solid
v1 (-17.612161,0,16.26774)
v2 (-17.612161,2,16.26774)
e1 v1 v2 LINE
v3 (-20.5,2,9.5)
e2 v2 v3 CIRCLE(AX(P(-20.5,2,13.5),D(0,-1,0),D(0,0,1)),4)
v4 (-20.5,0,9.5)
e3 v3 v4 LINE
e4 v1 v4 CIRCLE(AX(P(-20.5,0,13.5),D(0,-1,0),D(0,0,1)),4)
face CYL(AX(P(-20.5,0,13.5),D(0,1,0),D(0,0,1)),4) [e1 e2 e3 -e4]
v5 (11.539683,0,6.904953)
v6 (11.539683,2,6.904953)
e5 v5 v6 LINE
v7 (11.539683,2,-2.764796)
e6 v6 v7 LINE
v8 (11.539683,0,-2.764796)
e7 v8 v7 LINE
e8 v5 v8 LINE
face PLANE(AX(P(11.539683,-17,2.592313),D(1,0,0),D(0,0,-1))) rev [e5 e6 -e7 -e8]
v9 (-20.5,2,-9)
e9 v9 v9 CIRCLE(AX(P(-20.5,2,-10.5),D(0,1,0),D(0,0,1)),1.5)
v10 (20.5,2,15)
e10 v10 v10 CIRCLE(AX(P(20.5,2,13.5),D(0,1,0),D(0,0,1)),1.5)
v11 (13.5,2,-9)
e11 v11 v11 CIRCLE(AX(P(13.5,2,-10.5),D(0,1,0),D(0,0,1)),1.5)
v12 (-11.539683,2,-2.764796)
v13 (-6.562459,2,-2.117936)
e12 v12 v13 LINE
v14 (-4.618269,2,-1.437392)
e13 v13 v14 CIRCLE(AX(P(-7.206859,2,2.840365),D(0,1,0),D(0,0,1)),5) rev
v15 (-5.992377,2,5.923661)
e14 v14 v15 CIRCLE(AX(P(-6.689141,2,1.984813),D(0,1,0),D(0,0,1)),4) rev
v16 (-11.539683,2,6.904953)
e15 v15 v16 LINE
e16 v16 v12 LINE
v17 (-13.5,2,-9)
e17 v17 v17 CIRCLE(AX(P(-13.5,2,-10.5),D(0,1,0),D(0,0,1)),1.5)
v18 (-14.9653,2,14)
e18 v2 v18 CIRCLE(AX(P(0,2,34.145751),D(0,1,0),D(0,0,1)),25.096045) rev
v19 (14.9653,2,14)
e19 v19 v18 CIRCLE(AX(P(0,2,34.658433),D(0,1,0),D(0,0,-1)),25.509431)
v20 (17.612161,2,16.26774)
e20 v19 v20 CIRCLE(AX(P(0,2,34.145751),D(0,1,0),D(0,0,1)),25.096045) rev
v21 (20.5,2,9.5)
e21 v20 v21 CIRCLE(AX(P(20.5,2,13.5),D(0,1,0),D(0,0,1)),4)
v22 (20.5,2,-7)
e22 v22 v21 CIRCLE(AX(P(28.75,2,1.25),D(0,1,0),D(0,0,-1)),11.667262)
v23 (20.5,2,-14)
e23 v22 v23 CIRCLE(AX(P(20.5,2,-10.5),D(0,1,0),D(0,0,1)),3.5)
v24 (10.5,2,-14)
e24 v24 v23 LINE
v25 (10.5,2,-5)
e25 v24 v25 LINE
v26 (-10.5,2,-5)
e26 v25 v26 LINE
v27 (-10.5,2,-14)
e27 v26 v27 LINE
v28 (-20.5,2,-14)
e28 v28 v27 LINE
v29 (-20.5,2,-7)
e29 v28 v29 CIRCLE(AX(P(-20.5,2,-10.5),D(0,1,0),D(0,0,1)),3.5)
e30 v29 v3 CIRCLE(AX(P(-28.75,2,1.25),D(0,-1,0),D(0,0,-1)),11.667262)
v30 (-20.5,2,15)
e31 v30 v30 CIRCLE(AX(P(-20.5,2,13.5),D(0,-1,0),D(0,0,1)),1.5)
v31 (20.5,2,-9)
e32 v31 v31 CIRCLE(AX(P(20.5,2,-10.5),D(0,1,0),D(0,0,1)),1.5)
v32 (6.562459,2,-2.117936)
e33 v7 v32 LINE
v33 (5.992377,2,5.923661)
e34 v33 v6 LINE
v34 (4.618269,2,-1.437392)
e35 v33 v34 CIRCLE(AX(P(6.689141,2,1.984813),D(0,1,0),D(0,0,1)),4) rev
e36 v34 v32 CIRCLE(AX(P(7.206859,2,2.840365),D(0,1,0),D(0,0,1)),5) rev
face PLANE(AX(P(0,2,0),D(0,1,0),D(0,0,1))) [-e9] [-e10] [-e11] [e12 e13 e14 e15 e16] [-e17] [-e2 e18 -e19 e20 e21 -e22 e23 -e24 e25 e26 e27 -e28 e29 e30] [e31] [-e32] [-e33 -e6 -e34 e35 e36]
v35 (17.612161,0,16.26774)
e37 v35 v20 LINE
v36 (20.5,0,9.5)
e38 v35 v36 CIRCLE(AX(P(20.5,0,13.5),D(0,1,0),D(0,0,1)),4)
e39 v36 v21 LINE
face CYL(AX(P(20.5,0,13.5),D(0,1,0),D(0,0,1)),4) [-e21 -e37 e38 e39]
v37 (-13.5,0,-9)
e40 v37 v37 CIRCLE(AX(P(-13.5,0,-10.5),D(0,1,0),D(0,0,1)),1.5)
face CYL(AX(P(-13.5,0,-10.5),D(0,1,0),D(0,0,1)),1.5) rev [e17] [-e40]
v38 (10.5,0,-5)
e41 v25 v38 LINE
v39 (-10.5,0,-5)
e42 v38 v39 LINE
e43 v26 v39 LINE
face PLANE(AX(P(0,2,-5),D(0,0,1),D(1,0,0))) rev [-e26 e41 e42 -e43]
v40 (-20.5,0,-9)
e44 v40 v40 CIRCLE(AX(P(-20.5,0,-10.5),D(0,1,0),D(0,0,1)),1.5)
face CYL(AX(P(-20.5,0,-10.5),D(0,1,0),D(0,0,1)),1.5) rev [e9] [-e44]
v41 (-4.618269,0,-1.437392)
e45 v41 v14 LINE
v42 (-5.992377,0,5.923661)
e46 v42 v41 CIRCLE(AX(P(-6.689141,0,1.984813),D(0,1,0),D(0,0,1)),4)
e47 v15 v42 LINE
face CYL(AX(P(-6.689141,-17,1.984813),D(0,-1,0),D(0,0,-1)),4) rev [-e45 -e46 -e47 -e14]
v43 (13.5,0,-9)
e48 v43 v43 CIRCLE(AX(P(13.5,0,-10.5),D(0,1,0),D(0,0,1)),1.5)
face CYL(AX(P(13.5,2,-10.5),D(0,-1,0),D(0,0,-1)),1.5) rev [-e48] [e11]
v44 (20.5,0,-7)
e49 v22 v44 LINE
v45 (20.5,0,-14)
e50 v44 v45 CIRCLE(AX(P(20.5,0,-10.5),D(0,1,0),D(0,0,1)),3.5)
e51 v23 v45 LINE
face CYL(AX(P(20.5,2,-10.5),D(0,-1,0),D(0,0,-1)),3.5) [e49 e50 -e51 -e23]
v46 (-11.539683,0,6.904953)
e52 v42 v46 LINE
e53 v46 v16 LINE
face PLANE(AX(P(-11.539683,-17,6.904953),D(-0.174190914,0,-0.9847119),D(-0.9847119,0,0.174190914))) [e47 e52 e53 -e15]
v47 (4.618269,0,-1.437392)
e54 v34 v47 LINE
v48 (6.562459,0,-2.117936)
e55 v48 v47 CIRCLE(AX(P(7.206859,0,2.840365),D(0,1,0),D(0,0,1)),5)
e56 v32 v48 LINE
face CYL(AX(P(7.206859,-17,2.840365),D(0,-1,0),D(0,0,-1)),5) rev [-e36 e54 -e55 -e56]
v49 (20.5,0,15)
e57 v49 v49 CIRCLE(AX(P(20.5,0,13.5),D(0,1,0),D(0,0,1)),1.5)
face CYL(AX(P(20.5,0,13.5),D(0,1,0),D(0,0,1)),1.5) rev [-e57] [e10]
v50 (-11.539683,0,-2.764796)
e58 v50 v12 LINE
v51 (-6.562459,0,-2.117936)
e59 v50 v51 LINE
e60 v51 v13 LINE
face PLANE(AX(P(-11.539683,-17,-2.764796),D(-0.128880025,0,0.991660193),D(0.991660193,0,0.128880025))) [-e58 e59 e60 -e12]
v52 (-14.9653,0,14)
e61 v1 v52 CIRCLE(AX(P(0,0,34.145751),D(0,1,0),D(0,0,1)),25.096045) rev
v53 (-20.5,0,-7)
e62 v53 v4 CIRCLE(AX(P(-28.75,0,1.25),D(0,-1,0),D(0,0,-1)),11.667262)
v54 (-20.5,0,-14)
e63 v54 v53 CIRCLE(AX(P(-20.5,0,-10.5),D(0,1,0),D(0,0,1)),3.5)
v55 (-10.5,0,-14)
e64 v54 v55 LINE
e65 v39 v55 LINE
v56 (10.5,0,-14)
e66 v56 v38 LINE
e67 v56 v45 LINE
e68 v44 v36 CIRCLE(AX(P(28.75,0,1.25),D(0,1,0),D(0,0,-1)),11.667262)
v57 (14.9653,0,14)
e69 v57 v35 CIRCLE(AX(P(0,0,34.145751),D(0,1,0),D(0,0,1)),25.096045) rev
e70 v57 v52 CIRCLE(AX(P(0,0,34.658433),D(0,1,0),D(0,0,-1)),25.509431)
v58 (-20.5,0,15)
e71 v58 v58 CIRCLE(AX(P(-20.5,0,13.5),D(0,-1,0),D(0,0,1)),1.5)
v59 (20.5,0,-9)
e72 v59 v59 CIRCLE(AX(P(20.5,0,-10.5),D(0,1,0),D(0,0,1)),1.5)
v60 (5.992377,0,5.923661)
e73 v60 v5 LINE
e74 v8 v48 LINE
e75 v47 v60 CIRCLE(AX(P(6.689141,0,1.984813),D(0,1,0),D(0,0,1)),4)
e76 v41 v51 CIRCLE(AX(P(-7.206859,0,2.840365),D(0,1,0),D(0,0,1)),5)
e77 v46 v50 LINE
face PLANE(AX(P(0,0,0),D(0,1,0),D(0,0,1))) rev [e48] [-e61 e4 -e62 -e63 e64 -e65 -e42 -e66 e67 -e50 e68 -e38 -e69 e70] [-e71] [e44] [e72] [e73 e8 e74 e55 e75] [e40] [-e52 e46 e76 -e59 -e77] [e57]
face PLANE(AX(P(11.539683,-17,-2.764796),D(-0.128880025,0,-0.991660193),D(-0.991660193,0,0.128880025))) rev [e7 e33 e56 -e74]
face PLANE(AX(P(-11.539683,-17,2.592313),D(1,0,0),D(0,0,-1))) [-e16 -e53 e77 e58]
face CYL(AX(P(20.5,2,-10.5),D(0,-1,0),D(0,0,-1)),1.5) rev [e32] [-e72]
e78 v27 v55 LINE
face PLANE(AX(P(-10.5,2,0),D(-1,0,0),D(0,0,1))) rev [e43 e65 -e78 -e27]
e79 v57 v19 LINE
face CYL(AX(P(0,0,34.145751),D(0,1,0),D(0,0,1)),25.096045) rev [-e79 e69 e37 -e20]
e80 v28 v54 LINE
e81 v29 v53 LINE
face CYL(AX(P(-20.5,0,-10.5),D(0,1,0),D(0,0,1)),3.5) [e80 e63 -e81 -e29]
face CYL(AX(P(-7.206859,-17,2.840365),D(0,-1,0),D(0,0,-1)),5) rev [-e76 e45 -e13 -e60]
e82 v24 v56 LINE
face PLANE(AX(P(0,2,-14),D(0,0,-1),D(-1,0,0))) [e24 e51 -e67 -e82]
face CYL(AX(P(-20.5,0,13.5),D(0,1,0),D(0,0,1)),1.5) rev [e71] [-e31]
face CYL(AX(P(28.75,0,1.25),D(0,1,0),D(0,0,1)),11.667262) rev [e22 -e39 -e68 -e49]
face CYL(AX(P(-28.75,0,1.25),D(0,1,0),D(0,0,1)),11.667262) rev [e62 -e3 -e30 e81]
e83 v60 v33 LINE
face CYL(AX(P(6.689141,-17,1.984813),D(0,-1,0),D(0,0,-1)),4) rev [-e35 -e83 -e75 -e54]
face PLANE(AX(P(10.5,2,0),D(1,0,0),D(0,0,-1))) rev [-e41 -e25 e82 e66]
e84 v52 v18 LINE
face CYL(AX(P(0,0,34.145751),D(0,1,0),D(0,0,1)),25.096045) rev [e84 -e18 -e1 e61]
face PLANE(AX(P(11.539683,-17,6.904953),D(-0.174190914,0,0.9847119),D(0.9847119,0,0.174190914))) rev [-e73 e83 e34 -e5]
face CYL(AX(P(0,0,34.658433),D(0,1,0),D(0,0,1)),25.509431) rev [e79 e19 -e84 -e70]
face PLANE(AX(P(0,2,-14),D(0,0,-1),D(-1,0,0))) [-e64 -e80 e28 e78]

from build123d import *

# Parameters (mm, degrees)
SKETCH1_R             = 1.5
BOSS_EXTRUDE1_DEPTH   = 2
SKETCH2_R             = 3.5
BOSS_EXTRUDE2_DEPTH   = 2
SKETCH3_R             = 1.5
CUT_EXTRUDE1_DEPTH    = 2
SKETCH4_R             = 1.5
CUT_EXTRUDE2_DEPTH    = 2
BOSS_EXTRUDE3_START   = -2
BOSS_EXTRUDE3_DEPTH   = 2
SKETCH8_R             = 4
BOSS_EXTRUDE5_DEPTH   = 2
SKETCH9_R             = 1.5
CUT_EXTRUDE4_DEPTH    = 2
CUT_EXTRUDE5_DEPTH    = 2
BOSS_EXTRUDE12_DEPTH  = 2
CUT_EXTRUDE11_DEPTH   = 2
CUT_EXTRUDE15_DEPTH   = 19
FILLET1_R             = 5
FILLET2_R             = 4
FILLET1_OF_MIRROR13_R = 5
FILLET2_OF_MIRROR13_R = 4


with BuildPart() as part:
    # Sketch1 → Boss-Extrude1 (new body)
    # profile 1 of 5: a face of its own
    with BuildSketch(Plane(origin=(0, 0, 0), x_dir=(1, 0, 0), z_dir=(0, 1, 0))):
        with BuildLine():
            Line((20.5, 14), (10.5, 14))
            Line((10.5, 14), (10.5, 5))
            Line((10.5, 5), (-10.5, 5))
            Line((-10.5, 5), (-10.5, 14))
            Line((-10.5, 14), (-20.5, 14))
            Line((-20.5, 14), (-20.5, -14))
            ThreePointArc((-20.5, -14), (0, -5.789884137), (20.5, -14))
            Line((20.5, -14), (20.5, 7))
            ThreePointArc((20.5, 7), (17, 10.5), (20.5, 14))
        make_face()
        with Locations(Location((13.5, 10.5, 0), (0, 0, 270))):
            Circle(SKETCH1_R, mode=Mode.SUBTRACT)
    # profile 2 of 5: a face of its own
    with BuildSketch(Plane(origin=(0, 0, 0), x_dir=(1, 0, 0), z_dir=(0, 1, 0))):
        with BuildLine():
            ThreePointArc((24, 10.5), (22.974873734, 12.974873734), (20.5, 14))
            Line((20.5, 14), (20.5, 12))
            ThreePointArc((20.5, 12), (21.560660172, 11.560660172), (22, 10.5))
            ThreePointArc((22, 10.5), (21.560660172, 9.439339828), (20.5, 9))
            Line((20.5, 9), (20.5, 7))
            ThreePointArc((20.5, 7), (22.974873734, 8.025126266), (24, 10.5))
        make_face()
    # profile 3 of 5: a face of its own
    with BuildSketch(Plane(origin=(0, 0, 0), x_dir=(1, 0, 0), z_dir=(0, 1, 0))):
        with BuildLine():
            Line((20.5, 12), (20.5, 14))
            ThreePointArc((20.5, 14), (17, 10.5), (20.5, 7))
            Line((20.5, 7), (20.5, 9))
            ThreePointArc((20.5, 9), (19, 10.5), (20.5, 12))
        make_face()
    # profile 4 of 5: a face of its own
    with BuildSketch(Plane(origin=(0, 0, 0), x_dir=(1, 0, 0), z_dir=(0, 1, 0))):
        with BuildLine():
            ThreePointArc((24, 10.5), (22.974873734, 12.974873734), (20.5, 14))
            Line((20.5, 14), (20.5, 12))
            ThreePointArc((20.5, 12), (21.560660172, 11.560660172), (22, 10.5))
            ThreePointArc((22, 10.5), (21.560660172, 9.439339828), (20.5, 9))
            Line((20.5, 9), (20.5, 7))
            ThreePointArc((20.5, 7), (22.974873734, 8.025126266), (24, 10.5))
        make_face()
    # profile 5 of 5: a face of its own
    with BuildSketch(Plane(origin=(0, 0, 0), x_dir=(1, 0, 0), z_dir=(0, 1, 0))):
        with BuildLine():
            Line((20.5, 12), (20.5, 14))
            ThreePointArc((20.5, 14), (17, 10.5), (20.5, 7))
            Line((20.5, 7), (20.5, 9))
            ThreePointArc((20.5, 9), (19, 10.5), (20.5, 12))
        make_face()
    extrude(amount=BOSS_EXTRUDE1_DEPTH)

    # Sketch2 → Boss-Extrude2 (add)
    with BuildSketch(Plane(origin=(0, 2, 0), x_dir=(1, 0, 0), z_dir=(0, 1, 0))):
        with Locations((-20.5, 10.5)):
            Circle(SKETCH2_R)
    extrude(amount=-BOSS_EXTRUDE2_DEPTH)

    # Sketch3 → Cut-Extrude1 (cut)
    with BuildSketch(Plane(origin=(0, 2, 0), x_dir=(1, 0, 0), z_dir=(0, 1, 0))):
        with Locations(Location((-20.5, 10.5, 0), (0, 0, 270))):
            Circle(SKETCH3_R)
    extrude(amount=-CUT_EXTRUDE1_DEPTH, mode=Mode.SUBTRACT)

    # Sketch4 → Cut-Extrude2 (cut)
    with BuildSketch(Plane(origin=(0, 2, 0), x_dir=(1, 0, 0), z_dir=(0, 1, 0))):
        with Locations(Location((-13.5, 10.5, 0), (0, 0, 270))):
            Circle(SKETCH4_R)
    extrude(amount=-CUT_EXTRUDE2_DEPTH, mode=Mode.SUBTRACT)

    # Sketch5 → Boss-Extrude3 (add)
    with BuildSketch(Plane(origin=(0, 2, 0), x_dir=(1, 0, 0), z_dir=(0, 1, 0)).offset(BOSS_EXTRUDE3_START)):
        with BuildLine():
            Line((-20.5, -14), (20.5, -14))
            ThreePointArc((20.5, -14), (0, -5.789884137), (-20.5, -14))
        make_face()
    extrude(amount=BOSS_EXTRUDE3_DEPTH)

    # Sketch8 → Boss-Extrude5 (add)
    with BuildSketch(Plane(origin=(0, 2, 0), x_dir=(1, 0, 0), z_dir=(0, 1, 0))):
        with Locations((20.5, -13.5)):
            Circle(SKETCH8_R)
    boss_extrude5 = extrude(amount=-BOSS_EXTRUDE5_DEPTH)

    # Sketch9 → Cut-Extrude4 (cut)
    with BuildSketch(Plane(origin=(0, 2, 0), x_dir=(1, 0, 0), z_dir=(0, 1, 0))):
        with Locations(Location((20.5, -13.5, 0), (0, 0, 270))):
            Circle(SKETCH9_R)
    cut_extrude4 = extrude(amount=-CUT_EXTRUDE4_DEPTH, mode=Mode.SUBTRACT)

    # Sketch10 → Cut-Extrude5 (cut)
    with BuildSketch(Plane(origin=(0, 2, 0), x_dir=(1, 0, 0), z_dir=(0, 1, 0))):
        with BuildLine():
            Line((20.5, 7), (20.5, -9.5))
            ThreePointArc((20.5, -9.5), (17.08273811, -1.25), (20.5, 7))
        make_face()
    cut_extrude5 = extrude(amount=-CUT_EXTRUDE5_DEPTH, mode=Mode.SUBTRACT)

    # Mirror12: Boss-Extrude5, Cut-Extrude4, Cut-Extrude5 across plane
    add(boss_extrude5.mirror(Plane(origin=(0, 0, 0), x_dir=(0, 0, 1), z_dir=(1, 0, 0))))
    add(cut_extrude4.mirror(Plane(origin=(0, 0, 0), x_dir=(0, 0, 1), z_dir=(1, 0, 0))), mode=Mode.SUBTRACT)
    add(cut_extrude5.mirror(Plane(origin=(0, 0, 0), x_dir=(0, 0, 1), z_dir=(1, 0, 0))), mode=Mode.SUBTRACT)

    # Sketch12 → Boss-Extrude12 (add)
    with BuildSketch(Plane(origin=(0, 2, 0), x_dir=(1, 0, 0), z_dir=(0, 1, 0))):
        with BuildLine():
            Line((-14.965299889, -14), (-16.531373033, -14))
            ThreePointArc((-16.531373033, -14), (-16.889121467, -15.220917262), (-17.61216057, -16.267739768))
            ThreePointArc((-17.61216057, -16.267739768), (-16.328147274, -15.087863095), (-14.965299889, -14))
        make_face()
        with BuildLine():
            Line((16.531373033, -14), (14.965299889, -14))
            ThreePointArc((14.965299889, -14), (16.328147274, -15.087863095), (17.61216057, -16.267739768))
            ThreePointArc((17.61216057, -16.267739768), (16.889121467, -15.220917262), (16.531373033, -14))
        make_face()
    extrude(amount=-BOSS_EXTRUDE12_DEPTH)

    # Sketch20 → Cut-Extrude11 (cut)
    with BuildSketch(Plane(origin=(0, 2, 0), x_dir=(1, 0, 0), z_dir=(0, 1, 0))):
        with BuildLine():
            Line((14.965299889, -14), (-14.965299889, -14))
            ThreePointArc((-14.965299889, -14), (0, -9.149002287), (14.965299889, -14))
        make_face()
    extrude(amount=-CUT_EXTRUDE11_DEPTH, mode=Mode.SUBTRACT)

    # Sketch21 → Cut-Extrude15 (cut)
    with BuildSketch(Plane(origin=(0, 2, 0), x_dir=(1, 0, 0), z_dir=(0, 1, 0))):
        Polygon((11.539683191, 2.764795759), (2.206859121, 1.551865555), (2.206859121, -5.254020589), (11.539683191, -6.904953367), (11.539683191, -2.592312642), align=None)
    cut_extrude15 = extrude(amount=-CUT_EXTRUDE15_DEPTH, mode=Mode.SUBTRACT)

    # Fillet1
    fillet1_edges = [part.edges().sort_by_distance(p)[0] for p in [
        (2.206859121, 1, -1.551865555),
    ]]
    fillet(fillet1_edges, radius=FILLET1_R)

    # Fillet2
    fillet2_edges = [part.edges().sort_by_distance(p)[0] for p in [
        (2.206859121, 1, 5.254020589),
    ]]
    fillet(fillet2_edges, radius=FILLET2_R)

    # Mirror13: Cut-Extrude15 across plane
    add(cut_extrude15.mirror(Plane(origin=(0, 0, 0), x_dir=(0, 0, 1), z_dir=(1, 0, 0))), mode=Mode.SUBTRACT)

    # Fillet1 of Mirror13
    fillet1_of_mirror13_edges = [part.edges().sort_by_distance(p)[0] for p in [
        (-2.206859121, 1, -1.551865555),
    ]]
    fillet(fillet1_of_mirror13_edges, radius=FILLET1_OF_MIRROR13_R)

    # Fillet2 of Mirror13
    fillet2_of_mirror13_edges = [part.edges().sort_by_distance(p)[0] for p in [
        (-2.206859121, 1, 5.254020589),
    ]]
    fillet(fillet2_of_mirror13_edges, radius=FILLET2_OF_MIRROR13_R)


solid = part.part
